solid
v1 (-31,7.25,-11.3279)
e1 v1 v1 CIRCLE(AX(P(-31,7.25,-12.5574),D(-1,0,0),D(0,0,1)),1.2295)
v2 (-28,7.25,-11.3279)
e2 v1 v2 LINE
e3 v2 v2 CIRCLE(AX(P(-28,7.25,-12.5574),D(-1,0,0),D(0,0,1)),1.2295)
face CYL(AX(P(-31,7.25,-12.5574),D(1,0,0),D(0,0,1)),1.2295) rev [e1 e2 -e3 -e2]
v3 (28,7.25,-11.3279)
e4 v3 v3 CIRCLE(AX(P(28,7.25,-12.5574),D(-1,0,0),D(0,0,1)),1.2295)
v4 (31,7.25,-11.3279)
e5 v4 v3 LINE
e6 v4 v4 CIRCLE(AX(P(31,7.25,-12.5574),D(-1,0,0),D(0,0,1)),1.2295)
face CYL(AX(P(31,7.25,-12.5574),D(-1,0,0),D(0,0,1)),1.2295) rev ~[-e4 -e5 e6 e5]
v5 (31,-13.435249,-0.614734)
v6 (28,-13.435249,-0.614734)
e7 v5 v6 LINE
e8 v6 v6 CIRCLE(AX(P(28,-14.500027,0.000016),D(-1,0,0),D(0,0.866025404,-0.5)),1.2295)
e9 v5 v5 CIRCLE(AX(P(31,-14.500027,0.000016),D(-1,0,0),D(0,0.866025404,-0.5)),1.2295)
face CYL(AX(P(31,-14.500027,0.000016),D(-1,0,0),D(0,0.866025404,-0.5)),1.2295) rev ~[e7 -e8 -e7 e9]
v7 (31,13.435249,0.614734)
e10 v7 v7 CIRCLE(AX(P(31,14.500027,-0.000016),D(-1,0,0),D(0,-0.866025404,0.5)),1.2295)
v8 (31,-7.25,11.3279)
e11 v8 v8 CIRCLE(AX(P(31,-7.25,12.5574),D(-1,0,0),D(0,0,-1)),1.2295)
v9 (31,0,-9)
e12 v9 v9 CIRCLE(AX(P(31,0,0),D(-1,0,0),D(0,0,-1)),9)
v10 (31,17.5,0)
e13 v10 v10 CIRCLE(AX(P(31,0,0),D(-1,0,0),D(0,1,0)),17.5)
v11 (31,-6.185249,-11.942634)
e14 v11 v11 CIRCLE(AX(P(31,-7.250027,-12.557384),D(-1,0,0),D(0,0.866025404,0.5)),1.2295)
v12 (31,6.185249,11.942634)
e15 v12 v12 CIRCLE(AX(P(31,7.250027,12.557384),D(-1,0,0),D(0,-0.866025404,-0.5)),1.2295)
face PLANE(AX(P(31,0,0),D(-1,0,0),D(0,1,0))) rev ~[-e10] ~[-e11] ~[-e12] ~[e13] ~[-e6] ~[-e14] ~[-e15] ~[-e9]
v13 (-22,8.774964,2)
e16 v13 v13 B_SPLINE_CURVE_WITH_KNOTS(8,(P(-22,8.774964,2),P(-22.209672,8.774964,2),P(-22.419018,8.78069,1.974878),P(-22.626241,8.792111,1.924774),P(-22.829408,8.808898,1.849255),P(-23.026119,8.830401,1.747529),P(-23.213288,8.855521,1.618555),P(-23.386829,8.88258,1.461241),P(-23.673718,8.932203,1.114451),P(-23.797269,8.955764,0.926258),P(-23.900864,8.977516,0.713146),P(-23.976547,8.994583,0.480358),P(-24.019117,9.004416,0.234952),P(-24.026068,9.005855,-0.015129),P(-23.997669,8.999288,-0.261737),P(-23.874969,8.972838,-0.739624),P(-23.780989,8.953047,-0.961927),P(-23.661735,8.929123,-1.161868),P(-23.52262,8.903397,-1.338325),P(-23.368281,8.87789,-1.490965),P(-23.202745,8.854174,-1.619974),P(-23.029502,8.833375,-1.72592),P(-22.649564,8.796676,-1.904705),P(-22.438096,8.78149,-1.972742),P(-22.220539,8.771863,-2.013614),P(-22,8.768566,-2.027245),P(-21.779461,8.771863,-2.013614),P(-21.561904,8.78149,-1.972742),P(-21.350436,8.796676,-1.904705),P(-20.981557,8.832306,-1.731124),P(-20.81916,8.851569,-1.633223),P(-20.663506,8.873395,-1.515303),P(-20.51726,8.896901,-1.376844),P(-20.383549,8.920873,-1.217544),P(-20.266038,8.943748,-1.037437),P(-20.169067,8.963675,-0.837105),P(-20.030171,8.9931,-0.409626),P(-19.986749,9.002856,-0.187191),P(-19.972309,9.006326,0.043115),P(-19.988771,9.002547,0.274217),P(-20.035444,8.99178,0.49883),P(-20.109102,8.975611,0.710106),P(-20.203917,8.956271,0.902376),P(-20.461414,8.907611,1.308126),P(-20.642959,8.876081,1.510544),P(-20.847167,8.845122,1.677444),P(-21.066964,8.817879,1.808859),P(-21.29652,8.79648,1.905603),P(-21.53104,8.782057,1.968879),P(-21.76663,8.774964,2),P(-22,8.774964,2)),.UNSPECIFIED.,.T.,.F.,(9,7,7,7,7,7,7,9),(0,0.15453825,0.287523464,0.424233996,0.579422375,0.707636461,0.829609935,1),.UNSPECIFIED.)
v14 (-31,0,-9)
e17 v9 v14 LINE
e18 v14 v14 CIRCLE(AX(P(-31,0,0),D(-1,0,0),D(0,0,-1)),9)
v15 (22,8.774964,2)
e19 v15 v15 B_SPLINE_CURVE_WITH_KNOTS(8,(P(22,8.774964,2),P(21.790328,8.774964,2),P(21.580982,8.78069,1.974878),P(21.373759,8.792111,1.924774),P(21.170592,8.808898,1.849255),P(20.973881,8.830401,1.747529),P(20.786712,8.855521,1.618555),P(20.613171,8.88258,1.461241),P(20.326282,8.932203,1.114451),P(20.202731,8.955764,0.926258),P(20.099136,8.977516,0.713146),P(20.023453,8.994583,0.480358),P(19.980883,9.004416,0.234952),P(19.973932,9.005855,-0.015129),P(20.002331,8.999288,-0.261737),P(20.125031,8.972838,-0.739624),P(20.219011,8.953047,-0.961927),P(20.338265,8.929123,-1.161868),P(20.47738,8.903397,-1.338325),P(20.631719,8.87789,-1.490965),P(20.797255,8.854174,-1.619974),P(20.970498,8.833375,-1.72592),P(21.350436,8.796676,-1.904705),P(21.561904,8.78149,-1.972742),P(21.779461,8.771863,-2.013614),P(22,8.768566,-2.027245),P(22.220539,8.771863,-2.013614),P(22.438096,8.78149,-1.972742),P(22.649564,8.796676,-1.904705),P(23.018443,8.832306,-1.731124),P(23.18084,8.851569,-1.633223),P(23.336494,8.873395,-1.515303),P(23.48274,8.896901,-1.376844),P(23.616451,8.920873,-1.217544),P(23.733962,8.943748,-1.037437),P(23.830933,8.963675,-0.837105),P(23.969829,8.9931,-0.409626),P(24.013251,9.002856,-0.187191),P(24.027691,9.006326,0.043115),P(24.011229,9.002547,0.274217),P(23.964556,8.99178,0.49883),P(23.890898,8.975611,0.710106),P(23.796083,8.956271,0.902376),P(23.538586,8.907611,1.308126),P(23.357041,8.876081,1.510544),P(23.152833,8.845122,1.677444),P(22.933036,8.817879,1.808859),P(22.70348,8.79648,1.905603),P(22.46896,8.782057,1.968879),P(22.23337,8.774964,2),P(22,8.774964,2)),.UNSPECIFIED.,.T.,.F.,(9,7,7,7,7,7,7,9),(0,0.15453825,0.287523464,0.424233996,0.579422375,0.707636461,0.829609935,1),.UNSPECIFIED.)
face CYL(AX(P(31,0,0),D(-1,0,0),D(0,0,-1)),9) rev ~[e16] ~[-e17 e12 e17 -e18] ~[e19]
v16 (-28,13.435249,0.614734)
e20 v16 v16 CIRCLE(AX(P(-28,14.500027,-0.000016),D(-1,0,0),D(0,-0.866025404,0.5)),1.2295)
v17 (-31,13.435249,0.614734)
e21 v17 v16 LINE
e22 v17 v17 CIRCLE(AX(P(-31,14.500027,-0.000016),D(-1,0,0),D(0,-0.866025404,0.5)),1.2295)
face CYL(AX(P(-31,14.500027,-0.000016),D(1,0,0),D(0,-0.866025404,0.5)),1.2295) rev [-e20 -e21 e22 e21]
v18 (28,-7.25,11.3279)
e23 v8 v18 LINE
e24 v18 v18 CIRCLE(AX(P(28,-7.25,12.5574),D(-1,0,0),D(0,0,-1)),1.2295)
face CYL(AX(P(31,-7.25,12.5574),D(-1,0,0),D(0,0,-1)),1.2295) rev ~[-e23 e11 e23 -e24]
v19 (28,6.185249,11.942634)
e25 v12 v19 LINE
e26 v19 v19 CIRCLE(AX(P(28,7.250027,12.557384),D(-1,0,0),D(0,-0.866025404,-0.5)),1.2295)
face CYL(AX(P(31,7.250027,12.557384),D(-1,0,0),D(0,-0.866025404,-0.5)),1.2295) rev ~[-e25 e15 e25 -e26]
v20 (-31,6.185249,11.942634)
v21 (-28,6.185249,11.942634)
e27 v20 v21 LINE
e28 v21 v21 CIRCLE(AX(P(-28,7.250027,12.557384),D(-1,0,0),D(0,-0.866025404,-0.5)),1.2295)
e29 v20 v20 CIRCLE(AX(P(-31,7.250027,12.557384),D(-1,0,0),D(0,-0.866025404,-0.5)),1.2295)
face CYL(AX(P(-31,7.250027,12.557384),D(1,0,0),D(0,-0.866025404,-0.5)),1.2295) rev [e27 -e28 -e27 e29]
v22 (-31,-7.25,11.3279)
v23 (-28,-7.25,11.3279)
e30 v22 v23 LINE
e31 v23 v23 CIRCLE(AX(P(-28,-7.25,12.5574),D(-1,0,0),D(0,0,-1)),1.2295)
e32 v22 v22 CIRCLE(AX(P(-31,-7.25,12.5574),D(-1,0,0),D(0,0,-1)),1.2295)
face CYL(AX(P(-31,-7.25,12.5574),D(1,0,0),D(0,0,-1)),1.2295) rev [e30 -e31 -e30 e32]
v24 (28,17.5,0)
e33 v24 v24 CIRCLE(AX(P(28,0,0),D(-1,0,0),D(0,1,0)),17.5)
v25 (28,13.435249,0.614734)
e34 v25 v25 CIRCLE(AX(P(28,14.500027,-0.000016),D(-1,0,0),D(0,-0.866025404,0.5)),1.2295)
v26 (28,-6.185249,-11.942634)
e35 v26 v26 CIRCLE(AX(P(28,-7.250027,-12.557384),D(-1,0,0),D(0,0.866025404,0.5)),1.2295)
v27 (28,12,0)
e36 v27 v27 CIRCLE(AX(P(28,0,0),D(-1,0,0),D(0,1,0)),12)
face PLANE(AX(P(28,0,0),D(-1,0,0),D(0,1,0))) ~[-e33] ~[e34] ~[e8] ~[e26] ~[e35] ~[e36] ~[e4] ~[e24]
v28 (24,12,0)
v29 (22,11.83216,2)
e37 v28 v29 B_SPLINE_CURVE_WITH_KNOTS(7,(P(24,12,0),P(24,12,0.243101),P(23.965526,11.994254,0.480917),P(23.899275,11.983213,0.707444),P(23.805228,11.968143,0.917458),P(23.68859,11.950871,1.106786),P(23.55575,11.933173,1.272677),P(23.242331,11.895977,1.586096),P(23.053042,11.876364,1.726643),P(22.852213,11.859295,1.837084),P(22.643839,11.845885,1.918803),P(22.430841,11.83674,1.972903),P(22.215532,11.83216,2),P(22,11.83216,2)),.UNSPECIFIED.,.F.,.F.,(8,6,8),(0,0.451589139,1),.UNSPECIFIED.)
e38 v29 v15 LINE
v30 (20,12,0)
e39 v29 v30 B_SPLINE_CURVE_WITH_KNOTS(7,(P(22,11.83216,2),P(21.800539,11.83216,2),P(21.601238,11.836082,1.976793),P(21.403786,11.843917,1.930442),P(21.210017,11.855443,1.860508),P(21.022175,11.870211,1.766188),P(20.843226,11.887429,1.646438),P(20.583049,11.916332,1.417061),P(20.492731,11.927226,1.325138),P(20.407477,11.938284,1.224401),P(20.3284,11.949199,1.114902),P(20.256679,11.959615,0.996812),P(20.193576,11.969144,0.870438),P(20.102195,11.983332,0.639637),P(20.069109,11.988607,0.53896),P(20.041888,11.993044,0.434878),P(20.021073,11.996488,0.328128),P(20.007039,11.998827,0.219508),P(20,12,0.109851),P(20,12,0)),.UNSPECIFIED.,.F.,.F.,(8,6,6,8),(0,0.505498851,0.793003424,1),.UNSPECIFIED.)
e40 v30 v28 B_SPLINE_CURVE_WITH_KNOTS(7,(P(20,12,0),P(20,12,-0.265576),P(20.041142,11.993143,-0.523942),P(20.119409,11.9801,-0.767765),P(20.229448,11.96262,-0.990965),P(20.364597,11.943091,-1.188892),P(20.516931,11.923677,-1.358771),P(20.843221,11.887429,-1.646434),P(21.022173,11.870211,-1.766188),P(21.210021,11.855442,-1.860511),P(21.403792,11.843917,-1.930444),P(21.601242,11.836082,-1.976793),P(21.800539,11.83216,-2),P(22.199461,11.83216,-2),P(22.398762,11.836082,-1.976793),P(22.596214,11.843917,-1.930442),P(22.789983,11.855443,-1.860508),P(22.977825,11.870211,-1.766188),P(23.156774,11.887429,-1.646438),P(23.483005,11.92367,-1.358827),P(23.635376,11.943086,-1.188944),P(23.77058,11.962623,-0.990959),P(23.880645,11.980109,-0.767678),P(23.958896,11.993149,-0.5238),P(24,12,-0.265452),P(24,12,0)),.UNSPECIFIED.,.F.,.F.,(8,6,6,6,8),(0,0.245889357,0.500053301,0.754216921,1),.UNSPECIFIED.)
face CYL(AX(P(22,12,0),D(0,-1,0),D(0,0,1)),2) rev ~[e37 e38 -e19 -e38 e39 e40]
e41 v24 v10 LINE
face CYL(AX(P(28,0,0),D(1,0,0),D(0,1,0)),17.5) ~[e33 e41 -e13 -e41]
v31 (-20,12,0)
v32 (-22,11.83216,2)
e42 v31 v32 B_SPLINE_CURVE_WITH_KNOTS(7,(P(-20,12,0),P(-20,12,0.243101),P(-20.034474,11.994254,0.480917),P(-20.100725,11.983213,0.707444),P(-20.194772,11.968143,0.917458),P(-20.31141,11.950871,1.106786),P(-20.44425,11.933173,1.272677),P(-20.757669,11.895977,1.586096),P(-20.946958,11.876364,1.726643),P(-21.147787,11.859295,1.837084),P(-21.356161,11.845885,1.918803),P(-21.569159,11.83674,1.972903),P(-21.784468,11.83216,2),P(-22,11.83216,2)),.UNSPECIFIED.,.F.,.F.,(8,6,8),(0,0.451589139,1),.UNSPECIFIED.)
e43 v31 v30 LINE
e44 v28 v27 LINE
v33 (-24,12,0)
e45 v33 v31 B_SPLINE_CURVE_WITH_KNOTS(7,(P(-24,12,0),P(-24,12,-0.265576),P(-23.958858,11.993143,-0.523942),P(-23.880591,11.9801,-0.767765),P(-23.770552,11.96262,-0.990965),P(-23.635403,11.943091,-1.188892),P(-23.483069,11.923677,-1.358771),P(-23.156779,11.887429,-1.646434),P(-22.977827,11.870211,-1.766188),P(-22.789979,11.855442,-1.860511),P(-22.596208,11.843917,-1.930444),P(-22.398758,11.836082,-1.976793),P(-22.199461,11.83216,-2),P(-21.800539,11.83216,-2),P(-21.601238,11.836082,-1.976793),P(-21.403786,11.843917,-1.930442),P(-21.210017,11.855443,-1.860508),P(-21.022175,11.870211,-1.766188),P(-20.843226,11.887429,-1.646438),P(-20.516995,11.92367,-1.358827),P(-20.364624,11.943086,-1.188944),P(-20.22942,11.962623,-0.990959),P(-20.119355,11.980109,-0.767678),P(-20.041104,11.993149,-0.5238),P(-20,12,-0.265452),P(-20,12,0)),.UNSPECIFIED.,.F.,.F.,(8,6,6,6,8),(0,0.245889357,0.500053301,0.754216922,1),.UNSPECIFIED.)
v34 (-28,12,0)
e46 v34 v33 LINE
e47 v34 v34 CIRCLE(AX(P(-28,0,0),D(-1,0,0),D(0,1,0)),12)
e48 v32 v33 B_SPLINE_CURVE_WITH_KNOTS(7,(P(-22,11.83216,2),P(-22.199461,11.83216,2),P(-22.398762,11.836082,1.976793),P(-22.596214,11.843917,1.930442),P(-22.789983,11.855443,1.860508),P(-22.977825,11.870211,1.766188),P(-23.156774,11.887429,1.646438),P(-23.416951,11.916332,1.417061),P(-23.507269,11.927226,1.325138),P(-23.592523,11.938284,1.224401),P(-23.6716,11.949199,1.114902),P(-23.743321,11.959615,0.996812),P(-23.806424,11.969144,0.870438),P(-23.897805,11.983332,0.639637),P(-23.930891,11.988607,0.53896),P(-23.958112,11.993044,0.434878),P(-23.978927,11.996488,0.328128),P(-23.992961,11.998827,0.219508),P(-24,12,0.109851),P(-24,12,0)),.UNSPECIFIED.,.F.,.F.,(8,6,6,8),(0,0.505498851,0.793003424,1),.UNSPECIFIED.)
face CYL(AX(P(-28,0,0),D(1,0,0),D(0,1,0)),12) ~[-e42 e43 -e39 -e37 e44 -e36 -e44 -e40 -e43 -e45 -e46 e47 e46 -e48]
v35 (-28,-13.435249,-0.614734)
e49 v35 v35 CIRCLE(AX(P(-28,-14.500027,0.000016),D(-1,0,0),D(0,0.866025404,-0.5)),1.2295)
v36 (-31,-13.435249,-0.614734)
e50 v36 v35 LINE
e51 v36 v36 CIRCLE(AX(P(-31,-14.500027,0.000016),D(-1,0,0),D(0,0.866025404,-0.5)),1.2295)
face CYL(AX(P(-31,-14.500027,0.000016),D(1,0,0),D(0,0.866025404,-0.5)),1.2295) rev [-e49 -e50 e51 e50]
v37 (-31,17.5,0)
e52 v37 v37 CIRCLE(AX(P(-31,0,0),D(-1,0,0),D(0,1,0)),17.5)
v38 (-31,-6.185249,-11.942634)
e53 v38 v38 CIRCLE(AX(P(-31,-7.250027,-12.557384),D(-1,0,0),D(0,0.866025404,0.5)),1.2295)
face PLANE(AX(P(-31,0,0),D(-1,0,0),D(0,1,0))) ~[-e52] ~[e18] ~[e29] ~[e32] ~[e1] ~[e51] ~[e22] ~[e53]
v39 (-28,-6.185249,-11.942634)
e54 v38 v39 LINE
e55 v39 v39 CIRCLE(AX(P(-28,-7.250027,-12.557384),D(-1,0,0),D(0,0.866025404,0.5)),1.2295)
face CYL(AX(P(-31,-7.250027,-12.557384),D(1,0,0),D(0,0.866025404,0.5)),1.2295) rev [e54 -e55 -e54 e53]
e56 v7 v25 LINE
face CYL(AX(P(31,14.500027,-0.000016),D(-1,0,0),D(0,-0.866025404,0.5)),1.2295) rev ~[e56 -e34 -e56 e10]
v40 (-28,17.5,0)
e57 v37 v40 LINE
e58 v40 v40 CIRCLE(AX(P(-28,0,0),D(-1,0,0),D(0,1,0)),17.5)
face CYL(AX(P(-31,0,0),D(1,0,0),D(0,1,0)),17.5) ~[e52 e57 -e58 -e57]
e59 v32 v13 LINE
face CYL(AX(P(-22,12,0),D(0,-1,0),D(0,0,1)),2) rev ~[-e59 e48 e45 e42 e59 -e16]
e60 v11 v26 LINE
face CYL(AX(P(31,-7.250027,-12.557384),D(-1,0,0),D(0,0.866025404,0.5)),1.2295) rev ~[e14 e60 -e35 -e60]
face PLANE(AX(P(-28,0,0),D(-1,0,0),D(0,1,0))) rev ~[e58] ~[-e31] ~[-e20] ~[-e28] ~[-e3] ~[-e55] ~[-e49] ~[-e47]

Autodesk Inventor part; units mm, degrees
ref_plane "YZ Plane" through (0, 0, 0) normal (1, 0, 0) x (0, 1, 0)
sketch "Sketch1" plane through (0, 0, 0) normal (0, 0, 1) x (1, 0, 0)
  line L0 (-31, 0) -> (-31, 17.5)
  line L1 (-31, 17.5) -> (-28, 17.5)
  line L2 (-28, 17.5) -> (-28, 12)
  line L3 (-28, 12) -> (28, 12)
  line L4 (28, 12) -> (28, 17.5)
  line L5 (28, 17.5) -> (31, 17.5)
  line L6 (31, 17.5) -> (31, 0)
  line L7 (31, 0) -> (-31, 0)
  point P0 (0, 0)
  point P1 (0, 0)
  dimension "d0" = 24
  dimension "d1" = 35
  dimension "d2" = 3
  dimension "d3" = 3
  dimension "d4" = 56
revolve "Revolution1" add sketch "Sketch1" angle 360 about axis through (31, 0, 0) along (-1, 0, 0)
sketch "Sketch2" plane through (31, 0, 0) normal (1, 0, 0) x (0, 0, -1)
  circle A0 centre (0, 0) radius 17.5 projected
  point P0 (0, 0)
hole "Hole1" at (31, 0, 0) direction (-1, 0, 0) diameter 18 end through all
ref_plane "Work Plane1" through (31, 0, 0) normal (1, 0, 0) x (0, 0, -1)
sketch "Sketch3" plane through (31, 0, 0) normal (1, 0, 0) x (0, 0, -1)
  line L0 (0, 0) -> (-20.6833, 0) construction
  line L1 (0, 0) -> (-12.5574, -7.25) construction
  circle A0 centre (0, 0) radius 14.5 construction
  dimension "d15" = 29
  dimension "d14" = 30
hole "Hole2" at (31, -7.25, 12.5574) direction (-1, 0, 0) diameter 2.459 depth 3 thread size "M3x0.5" class "6H" standard "ISO Metric profile"
pattern_circular "Circular Pattern1" count 6 over 360 about axis through (29.5, 0, 0) along (-1, 0, 0) of "Hole2"
mirror "Mirror1" about plane through (0, 0, 0) normal (1, 0, 0) of "Hole2", "Circular Pattern1"
ref_plane "Work Plane3" through (0, 12, 0) normal (0, 1, 0) x (-1, 0, 0)
sketch "Sketch5" plane through (0, 12, 0) normal (0, 1, 0) x (-1, 0, 0)
  line L0 (28, -17.5) -> (28, 17.5) projected
  line L1 (-28, -17.5) -> (-28, 17.5) projected
  point P0 (0, 0)
  point P1 (22, 0)
  point P2 (-22, 0)
  dimension "d37" = 6
  dimension "d38" = 6
hole "Hole4" at (-22, 12, 0) at (22, 12, 0) direction (0, -1, 0) diameter 4 depth 3.5
properties part number "154" material "Stainless Steel"
